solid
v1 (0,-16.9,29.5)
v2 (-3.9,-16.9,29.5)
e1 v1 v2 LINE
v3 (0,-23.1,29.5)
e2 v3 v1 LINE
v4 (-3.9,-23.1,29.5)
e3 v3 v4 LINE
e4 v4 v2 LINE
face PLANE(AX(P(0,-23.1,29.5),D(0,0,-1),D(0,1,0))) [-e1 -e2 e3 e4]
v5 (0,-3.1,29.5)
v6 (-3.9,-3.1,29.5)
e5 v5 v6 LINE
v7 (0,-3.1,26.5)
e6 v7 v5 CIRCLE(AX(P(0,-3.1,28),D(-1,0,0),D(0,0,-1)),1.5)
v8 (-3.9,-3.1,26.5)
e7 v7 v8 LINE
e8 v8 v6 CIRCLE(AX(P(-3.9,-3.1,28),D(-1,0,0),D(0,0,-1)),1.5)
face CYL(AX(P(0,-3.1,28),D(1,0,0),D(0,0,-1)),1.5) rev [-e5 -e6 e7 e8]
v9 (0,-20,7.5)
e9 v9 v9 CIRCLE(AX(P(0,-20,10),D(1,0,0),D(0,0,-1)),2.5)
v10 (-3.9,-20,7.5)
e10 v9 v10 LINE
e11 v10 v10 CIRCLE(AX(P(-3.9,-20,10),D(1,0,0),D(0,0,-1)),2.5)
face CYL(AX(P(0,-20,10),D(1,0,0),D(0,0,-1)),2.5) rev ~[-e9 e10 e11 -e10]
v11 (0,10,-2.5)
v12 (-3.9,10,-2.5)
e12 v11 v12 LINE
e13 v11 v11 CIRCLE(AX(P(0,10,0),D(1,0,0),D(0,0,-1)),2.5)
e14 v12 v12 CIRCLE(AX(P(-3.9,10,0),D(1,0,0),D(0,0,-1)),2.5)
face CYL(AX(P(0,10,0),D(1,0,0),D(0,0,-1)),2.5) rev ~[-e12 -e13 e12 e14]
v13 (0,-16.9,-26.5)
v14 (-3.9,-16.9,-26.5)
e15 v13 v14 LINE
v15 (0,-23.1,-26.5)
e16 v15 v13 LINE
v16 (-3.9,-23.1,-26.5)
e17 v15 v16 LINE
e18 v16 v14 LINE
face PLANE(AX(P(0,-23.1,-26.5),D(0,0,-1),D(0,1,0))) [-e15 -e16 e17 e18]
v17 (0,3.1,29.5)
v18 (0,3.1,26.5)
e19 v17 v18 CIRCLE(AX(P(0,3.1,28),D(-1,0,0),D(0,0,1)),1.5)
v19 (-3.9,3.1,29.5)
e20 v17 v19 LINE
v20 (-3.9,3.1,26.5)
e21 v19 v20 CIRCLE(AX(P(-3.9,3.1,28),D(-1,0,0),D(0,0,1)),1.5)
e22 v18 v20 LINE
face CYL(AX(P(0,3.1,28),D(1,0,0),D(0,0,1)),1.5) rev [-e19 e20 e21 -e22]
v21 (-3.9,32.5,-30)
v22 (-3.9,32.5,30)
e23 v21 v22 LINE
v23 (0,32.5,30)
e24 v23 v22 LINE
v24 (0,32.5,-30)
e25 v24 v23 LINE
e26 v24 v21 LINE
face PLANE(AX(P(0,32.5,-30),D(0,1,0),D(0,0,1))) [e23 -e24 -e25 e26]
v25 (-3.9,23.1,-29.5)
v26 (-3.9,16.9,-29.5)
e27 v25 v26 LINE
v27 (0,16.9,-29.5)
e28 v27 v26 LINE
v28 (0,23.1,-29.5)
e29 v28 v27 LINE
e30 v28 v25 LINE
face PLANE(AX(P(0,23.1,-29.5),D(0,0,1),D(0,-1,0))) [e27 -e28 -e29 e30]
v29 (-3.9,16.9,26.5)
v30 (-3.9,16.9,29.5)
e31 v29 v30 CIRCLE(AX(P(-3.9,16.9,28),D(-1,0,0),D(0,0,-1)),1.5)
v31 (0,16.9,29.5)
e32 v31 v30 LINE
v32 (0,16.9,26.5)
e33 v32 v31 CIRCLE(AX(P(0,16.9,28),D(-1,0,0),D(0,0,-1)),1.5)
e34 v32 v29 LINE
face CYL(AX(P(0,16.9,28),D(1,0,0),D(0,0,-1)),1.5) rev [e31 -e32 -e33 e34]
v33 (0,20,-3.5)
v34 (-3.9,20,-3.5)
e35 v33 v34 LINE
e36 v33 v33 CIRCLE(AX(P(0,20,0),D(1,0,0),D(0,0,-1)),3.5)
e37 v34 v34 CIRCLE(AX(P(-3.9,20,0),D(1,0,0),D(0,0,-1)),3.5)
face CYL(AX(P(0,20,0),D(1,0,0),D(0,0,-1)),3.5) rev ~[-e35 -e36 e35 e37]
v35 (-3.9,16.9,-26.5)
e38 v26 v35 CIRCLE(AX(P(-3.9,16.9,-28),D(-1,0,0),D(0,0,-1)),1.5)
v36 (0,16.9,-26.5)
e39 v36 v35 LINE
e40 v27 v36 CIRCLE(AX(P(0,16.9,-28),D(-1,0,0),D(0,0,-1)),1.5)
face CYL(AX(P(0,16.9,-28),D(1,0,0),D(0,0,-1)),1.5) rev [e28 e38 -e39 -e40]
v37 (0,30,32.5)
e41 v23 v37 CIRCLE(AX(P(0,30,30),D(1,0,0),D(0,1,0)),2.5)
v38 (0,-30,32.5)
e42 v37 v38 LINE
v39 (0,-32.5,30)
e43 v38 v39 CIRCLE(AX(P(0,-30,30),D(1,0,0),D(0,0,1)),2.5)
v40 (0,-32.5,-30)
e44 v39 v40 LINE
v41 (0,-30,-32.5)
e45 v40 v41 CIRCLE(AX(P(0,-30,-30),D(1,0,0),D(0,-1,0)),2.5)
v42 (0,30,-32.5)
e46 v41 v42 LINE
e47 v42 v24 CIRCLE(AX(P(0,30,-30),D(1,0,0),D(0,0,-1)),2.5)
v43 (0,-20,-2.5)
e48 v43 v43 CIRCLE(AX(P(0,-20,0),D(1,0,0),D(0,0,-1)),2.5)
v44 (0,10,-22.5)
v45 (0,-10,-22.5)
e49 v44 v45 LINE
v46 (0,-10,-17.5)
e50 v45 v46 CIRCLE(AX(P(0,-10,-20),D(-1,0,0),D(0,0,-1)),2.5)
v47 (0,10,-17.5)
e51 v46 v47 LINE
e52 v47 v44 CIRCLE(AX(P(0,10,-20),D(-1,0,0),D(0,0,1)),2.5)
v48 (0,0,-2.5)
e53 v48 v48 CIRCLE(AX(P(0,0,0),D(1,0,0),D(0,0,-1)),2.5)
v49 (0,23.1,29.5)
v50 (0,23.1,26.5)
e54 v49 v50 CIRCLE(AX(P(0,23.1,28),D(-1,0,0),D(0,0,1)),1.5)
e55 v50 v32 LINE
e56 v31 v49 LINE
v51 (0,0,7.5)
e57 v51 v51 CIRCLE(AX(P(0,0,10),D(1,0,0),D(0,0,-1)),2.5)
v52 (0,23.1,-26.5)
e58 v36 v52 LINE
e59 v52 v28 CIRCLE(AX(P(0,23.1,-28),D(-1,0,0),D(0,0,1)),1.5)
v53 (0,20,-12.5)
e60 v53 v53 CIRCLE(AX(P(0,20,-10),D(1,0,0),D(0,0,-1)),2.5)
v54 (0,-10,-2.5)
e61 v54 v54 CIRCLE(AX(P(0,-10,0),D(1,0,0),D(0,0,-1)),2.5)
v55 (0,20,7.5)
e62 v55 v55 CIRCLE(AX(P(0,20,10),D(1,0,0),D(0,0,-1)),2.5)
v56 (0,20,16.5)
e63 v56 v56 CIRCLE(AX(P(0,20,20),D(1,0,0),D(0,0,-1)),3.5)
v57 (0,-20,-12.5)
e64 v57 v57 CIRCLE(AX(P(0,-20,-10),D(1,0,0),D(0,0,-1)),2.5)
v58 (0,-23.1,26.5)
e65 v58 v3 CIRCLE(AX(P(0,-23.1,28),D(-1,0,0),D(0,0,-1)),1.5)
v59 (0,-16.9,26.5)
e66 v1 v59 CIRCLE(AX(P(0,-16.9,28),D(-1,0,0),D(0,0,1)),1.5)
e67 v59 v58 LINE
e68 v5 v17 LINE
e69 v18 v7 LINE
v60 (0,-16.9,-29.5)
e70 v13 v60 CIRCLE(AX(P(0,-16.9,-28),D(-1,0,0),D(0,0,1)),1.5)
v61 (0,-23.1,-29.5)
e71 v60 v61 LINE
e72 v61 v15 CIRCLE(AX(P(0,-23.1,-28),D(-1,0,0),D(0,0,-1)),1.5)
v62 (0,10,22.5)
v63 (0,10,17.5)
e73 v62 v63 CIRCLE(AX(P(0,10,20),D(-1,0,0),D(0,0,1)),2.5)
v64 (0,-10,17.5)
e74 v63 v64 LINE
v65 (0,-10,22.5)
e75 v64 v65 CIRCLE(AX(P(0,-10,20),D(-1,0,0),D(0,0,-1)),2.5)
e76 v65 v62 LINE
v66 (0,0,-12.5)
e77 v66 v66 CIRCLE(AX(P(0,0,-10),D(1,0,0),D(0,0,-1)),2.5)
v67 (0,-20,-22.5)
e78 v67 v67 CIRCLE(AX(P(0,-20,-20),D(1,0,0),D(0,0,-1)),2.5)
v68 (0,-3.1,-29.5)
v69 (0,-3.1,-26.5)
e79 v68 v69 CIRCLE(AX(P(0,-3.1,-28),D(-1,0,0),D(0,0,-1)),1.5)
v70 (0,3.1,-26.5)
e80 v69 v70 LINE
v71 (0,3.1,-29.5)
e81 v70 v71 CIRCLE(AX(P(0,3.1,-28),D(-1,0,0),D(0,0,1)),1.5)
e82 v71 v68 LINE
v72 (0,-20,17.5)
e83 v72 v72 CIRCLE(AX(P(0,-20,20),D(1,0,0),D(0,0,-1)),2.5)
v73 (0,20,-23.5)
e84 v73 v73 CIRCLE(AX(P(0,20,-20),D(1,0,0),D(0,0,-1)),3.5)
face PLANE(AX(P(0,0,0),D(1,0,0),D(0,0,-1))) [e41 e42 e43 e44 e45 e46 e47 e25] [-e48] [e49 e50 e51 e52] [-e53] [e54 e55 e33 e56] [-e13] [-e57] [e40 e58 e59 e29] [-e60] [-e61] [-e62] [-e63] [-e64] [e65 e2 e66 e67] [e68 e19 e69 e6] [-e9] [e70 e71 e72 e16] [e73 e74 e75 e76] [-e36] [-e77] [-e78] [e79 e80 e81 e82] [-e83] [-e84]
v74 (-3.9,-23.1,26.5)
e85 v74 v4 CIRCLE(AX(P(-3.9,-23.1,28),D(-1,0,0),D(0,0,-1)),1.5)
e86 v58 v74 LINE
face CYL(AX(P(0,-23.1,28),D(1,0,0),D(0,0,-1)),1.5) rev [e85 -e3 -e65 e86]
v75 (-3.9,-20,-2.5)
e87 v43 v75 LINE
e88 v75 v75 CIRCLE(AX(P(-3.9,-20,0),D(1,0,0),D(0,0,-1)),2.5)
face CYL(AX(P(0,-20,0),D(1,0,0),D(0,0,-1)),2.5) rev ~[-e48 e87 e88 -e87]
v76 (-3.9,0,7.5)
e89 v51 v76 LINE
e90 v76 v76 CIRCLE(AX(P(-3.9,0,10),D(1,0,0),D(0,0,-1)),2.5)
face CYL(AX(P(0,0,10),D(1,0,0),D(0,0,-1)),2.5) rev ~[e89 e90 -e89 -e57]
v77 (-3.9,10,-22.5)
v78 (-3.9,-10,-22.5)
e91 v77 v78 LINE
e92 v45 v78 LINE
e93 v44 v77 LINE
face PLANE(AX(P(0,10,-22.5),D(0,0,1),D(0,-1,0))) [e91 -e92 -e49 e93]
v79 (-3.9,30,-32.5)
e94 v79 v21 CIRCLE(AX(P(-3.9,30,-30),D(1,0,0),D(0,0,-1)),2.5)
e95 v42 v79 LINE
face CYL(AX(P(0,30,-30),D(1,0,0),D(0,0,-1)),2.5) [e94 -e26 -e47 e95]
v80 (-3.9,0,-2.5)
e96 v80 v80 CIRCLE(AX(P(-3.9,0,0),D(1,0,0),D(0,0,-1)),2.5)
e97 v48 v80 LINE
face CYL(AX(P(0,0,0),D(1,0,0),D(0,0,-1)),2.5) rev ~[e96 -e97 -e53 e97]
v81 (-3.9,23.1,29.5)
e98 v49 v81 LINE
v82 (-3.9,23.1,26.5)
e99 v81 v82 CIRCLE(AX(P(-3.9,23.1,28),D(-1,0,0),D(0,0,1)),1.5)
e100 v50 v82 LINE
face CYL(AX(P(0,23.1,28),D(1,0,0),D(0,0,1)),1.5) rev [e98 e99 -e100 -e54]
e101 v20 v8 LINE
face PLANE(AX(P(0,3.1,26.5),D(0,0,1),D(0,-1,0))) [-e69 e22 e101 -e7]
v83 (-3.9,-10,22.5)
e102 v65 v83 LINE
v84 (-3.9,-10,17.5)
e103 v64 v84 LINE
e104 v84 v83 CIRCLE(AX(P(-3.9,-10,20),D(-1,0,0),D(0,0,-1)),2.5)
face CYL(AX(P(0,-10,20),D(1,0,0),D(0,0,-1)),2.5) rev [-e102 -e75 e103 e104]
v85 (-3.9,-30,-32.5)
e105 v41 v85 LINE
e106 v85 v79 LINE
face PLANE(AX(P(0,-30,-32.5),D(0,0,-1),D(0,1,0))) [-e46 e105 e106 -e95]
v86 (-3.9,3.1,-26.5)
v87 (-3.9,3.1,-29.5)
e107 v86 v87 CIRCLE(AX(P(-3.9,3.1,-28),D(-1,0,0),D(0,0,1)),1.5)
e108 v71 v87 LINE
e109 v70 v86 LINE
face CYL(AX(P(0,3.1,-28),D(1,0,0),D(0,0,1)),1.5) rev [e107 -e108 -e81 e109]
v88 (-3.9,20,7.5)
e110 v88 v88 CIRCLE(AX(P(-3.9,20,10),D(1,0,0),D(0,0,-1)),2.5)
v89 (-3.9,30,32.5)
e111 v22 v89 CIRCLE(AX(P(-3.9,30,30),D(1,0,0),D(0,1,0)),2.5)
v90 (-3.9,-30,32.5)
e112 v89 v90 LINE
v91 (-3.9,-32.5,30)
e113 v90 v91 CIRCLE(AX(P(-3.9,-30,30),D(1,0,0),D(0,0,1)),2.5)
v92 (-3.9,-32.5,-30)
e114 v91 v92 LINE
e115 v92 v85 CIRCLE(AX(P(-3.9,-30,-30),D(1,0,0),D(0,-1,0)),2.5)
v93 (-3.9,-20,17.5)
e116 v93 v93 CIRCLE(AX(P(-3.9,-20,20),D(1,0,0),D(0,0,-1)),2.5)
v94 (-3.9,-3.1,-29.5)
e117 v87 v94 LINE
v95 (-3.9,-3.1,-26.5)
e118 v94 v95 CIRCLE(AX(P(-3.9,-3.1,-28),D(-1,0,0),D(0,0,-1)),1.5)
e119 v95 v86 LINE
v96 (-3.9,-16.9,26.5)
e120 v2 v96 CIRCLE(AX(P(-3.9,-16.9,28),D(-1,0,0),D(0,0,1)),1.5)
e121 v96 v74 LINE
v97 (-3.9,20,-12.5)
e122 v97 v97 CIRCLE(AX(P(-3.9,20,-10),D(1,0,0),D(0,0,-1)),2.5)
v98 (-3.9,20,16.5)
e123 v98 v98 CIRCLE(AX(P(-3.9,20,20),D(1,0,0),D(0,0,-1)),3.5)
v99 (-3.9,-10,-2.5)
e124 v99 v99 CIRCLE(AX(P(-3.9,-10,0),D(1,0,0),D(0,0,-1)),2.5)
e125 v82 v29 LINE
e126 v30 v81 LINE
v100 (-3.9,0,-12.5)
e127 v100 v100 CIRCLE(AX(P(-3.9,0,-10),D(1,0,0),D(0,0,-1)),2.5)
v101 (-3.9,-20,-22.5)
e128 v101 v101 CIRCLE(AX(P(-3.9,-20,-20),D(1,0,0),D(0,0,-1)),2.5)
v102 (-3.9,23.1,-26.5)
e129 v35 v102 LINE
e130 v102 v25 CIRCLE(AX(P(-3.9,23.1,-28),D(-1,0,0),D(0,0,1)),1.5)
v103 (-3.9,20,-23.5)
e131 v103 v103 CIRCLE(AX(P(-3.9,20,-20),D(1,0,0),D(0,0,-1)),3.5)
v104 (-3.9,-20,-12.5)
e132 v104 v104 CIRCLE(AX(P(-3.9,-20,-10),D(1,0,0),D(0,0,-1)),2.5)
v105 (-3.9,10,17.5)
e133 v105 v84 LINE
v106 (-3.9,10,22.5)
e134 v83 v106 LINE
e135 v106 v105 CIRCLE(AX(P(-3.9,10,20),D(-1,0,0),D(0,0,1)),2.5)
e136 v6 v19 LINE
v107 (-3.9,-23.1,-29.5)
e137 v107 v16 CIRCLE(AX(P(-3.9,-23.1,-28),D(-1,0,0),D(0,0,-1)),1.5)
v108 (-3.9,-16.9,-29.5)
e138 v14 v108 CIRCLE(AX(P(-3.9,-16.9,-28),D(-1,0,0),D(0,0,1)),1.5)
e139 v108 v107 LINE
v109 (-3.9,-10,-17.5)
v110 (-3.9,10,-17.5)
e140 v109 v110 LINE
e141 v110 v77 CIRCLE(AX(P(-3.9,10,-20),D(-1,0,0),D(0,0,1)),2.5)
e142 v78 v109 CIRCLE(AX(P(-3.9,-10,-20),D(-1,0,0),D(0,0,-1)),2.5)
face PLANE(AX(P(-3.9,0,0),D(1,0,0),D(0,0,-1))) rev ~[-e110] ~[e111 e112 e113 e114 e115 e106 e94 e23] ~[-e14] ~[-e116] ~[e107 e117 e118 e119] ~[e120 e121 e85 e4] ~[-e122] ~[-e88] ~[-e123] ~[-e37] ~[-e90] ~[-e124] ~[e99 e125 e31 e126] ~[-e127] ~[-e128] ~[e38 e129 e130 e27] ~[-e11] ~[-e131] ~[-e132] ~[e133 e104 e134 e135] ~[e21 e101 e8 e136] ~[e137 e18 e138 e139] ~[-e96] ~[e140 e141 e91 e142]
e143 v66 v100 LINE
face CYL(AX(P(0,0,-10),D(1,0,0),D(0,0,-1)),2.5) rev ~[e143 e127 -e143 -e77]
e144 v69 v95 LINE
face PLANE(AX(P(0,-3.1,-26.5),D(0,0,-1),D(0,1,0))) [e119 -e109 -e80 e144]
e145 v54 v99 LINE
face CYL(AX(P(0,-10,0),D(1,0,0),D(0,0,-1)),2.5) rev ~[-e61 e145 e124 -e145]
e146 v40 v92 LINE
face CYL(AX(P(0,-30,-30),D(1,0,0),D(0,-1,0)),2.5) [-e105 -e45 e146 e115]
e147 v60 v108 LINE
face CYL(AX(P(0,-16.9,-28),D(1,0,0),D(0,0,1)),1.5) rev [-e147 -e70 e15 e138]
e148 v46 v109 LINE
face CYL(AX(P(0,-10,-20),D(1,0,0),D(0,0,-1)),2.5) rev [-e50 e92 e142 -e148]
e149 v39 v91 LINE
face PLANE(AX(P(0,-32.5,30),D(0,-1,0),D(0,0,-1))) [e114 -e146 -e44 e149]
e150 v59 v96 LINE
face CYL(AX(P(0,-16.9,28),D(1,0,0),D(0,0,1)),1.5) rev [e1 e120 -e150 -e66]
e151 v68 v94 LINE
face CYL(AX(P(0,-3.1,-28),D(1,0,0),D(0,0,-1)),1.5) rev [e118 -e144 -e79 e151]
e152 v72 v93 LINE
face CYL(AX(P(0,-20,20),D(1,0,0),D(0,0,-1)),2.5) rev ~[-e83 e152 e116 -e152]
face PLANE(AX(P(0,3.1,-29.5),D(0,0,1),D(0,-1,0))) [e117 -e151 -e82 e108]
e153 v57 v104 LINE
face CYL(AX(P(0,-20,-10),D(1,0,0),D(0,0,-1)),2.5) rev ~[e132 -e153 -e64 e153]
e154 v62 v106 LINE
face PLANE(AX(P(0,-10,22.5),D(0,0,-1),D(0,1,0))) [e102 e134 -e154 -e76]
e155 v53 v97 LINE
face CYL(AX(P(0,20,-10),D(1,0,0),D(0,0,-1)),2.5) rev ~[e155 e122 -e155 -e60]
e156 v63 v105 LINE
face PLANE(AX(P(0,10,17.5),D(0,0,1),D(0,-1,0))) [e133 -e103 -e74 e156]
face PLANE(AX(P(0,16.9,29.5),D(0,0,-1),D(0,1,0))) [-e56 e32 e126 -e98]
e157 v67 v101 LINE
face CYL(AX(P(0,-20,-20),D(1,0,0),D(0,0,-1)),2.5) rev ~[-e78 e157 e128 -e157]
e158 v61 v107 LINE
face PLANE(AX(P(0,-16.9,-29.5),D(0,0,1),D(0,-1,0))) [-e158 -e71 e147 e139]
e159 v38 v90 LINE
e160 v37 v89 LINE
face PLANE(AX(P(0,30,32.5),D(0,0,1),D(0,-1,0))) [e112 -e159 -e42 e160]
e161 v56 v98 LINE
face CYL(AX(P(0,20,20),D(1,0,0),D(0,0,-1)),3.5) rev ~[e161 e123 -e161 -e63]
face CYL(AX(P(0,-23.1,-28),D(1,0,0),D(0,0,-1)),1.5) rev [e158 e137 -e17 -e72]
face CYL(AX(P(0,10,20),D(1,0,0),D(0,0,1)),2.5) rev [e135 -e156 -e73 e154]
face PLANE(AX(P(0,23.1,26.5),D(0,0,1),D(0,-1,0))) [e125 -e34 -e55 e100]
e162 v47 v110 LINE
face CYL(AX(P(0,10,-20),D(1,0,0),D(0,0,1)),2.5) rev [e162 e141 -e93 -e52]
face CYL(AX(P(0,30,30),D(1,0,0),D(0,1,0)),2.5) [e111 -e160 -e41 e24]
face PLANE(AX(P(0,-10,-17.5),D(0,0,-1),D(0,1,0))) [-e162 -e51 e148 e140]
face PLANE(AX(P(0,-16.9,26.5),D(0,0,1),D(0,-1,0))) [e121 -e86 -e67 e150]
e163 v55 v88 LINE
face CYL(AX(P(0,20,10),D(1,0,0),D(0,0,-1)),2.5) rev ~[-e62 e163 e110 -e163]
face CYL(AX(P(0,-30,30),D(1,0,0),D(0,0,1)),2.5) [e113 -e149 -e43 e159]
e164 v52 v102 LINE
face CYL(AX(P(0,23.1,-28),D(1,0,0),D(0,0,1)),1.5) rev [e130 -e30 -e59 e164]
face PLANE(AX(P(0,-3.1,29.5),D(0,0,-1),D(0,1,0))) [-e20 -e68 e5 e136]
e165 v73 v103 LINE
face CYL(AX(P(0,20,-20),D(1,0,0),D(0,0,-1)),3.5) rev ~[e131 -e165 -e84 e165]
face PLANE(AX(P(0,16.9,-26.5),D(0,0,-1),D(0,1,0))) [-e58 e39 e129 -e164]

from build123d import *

# Parameters (mm, degrees)
SKETCH1_R           = 2.5
SKETCH1_R_2         = 3.5
BOSS_EXTRUDE1_DEPTH = 3.9


with BuildPart() as part:
    # Sketch1 → Boss-Extrude1 (new body)
    with BuildSketch(Plane(origin=(0, 0, 0), x_dir=(0, 0, -1), z_dir=(1, 0, 0))):
        with BuildLine():
            Line((30, 32.5), (-30, 32.5))
            ThreePointArc((-30, 32.5), (-31.767766953, 31.767766953), (-32.5, 30))
            Line((-32.5, 30), (-32.5, -30))
            ThreePointArc((-32.5, -30), (-31.767766953, -31.767766953), (-30, -32.5))
            Line((-30, -32.5), (30, -32.5))
            ThreePointArc((30, -32.5), (31.767766953, -31.767766953), (32.5, -30))
            Line((32.5, -30), (32.5, 30))
            ThreePointArc((32.5, 30), (31.767766953, 31.767766953), (30, 32.5))
        make_face()
        with Locations((0, -20)):
            Circle(SKETCH1_R, mode=Mode.SUBTRACT)
        with Locations((10, -20)):
            Circle(SKETCH1_R, mode=Mode.SUBTRACT)
        with Locations((-10, -20)):
            Circle(SKETCH1_R, mode=Mode.SUBTRACT)
        with Locations((10, 0)):
            Circle(SKETCH1_R, mode=Mode.SUBTRACT)
        with Locations((0, -10)):
            Circle(SKETCH1_R, mode=Mode.SUBTRACT)
        with Locations((-10, 0)):
            Circle(SKETCH1_R, mode=Mode.SUBTRACT)
        Circle(SKETCH1_R, mode=Mode.SUBTRACT)
        with Locations((0, 10)):
            Circle(SKETCH1_R, mode=Mode.SUBTRACT)
        with Locations((20, -20)):
            Circle(SKETCH1_R, mode=Mode.SUBTRACT)
        with Locations((-20, -20)):
            Circle(SKETCH1_R, mode=Mode.SUBTRACT)
        with Locations((10, 20)):
            Circle(SKETCH1_R, mode=Mode.SUBTRACT)
        with Locations((0, 20)):
            Circle(SKETCH1_R_2, mode=Mode.SUBTRACT)
        with Locations((-10, 20)):
            Circle(SKETCH1_R, mode=Mode.SUBTRACT)
        with Locations((20, 20)):
            Circle(SKETCH1_R_2, mode=Mode.SUBTRACT)
        with Locations((-20, 20)):
            Circle(SKETCH1_R_2, mode=Mode.SUBTRACT)
        with BuildLine():
            Line((26.5, 16.9), (26.5, 23.1))
            ThreePointArc((26.5, 23.1), (28, 24.6), (29.5, 23.1))
            Line((29.5, 23.1), (29.5, 16.9))
            ThreePointArc((29.5, 16.9), (28, 15.4), (26.5, 16.9))
        make_face(mode=Mode.SUBTRACT)
        with BuildLine():
            Line((26.5, -3.1), (26.5, 3.1))
            ThreePointArc((26.5, 3.1), (28, 4.6), (29.5, 3.1))
            Line((29.5, 3.1), (29.5, -3.1))
            ThreePointArc((29.5, -3.1), (28, -4.6), (26.5, -3.1))
        make_face(mode=Mode.SUBTRACT)
        with BuildLine():
            Line((26.5, -23.1), (26.5, -16.9))
            ThreePointArc((26.5, -16.9), (28, -15.4), (29.5, -16.9))
            Line((29.5, -16.9), (29.5, -23.1))
            ThreePointArc((29.5, -23.1), (28, -24.6), (26.5, -23.1))
        make_face(mode=Mode.SUBTRACT)
        with BuildLine():
            Line((-29.5, -23.1), (-29.5, -16.9))
            ThreePointArc((-29.5, -16.9), (-28, -15.4), (-26.5, -16.9))
            Line((-26.5, -16.9), (-26.5, -23.1))
            ThreePointArc((-26.5, -23.1), (-28, -24.6), (-29.5, -23.1))
        make_face(mode=Mode.SUBTRACT)
        with BuildLine():
            Line((17.5, -10), (17.5, 10))
            ThreePointArc((17.5, 10), (20, 12.5), (22.5, 10))
            Line((22.5, 10), (22.5, -10))
            ThreePointArc((22.5, -10), (20, -12.5), (17.5, -10))
        make_face(mode=Mode.SUBTRACT)
        with BuildLine():
            Line((-22.5, -10), (-22.5, 10))
            ThreePointArc((-22.5, 10), (-20, 12.5), (-17.5, 10))
            Line((-17.5, 10), (-17.5, -10))
            ThreePointArc((-17.5, -10), (-20, -12.5), (-22.5, -10))
        make_face(mode=Mode.SUBTRACT)
        with BuildLine():
            Line((-29.5, 16.9), (-29.5, 23.1))
            ThreePointArc((-29.5, 23.1), (-28, 24.6), (-26.5, 23.1))
            Line((-26.5, 23.1), (-26.5, 16.9))
            ThreePointArc((-26.5, 16.9), (-28, 15.4), (-29.5, 16.9))
        make_face(mode=Mode.SUBTRACT)
        with BuildLine():
            Line((-29.5, -3.1), (-29.5, 3.1))
            ThreePointArc((-29.5, 3.1), (-28, 4.6), (-26.5, 3.1))
            Line((-26.5, 3.1), (-26.5, -3.1))
            ThreePointArc((-26.5, -3.1), (-28, -4.6), (-29.5, -3.1))
        make_face(mode=Mode.SUBTRACT)
    extrude(amount=-BOSS_EXTRUDE1_DEPTH)


solid = part.part
